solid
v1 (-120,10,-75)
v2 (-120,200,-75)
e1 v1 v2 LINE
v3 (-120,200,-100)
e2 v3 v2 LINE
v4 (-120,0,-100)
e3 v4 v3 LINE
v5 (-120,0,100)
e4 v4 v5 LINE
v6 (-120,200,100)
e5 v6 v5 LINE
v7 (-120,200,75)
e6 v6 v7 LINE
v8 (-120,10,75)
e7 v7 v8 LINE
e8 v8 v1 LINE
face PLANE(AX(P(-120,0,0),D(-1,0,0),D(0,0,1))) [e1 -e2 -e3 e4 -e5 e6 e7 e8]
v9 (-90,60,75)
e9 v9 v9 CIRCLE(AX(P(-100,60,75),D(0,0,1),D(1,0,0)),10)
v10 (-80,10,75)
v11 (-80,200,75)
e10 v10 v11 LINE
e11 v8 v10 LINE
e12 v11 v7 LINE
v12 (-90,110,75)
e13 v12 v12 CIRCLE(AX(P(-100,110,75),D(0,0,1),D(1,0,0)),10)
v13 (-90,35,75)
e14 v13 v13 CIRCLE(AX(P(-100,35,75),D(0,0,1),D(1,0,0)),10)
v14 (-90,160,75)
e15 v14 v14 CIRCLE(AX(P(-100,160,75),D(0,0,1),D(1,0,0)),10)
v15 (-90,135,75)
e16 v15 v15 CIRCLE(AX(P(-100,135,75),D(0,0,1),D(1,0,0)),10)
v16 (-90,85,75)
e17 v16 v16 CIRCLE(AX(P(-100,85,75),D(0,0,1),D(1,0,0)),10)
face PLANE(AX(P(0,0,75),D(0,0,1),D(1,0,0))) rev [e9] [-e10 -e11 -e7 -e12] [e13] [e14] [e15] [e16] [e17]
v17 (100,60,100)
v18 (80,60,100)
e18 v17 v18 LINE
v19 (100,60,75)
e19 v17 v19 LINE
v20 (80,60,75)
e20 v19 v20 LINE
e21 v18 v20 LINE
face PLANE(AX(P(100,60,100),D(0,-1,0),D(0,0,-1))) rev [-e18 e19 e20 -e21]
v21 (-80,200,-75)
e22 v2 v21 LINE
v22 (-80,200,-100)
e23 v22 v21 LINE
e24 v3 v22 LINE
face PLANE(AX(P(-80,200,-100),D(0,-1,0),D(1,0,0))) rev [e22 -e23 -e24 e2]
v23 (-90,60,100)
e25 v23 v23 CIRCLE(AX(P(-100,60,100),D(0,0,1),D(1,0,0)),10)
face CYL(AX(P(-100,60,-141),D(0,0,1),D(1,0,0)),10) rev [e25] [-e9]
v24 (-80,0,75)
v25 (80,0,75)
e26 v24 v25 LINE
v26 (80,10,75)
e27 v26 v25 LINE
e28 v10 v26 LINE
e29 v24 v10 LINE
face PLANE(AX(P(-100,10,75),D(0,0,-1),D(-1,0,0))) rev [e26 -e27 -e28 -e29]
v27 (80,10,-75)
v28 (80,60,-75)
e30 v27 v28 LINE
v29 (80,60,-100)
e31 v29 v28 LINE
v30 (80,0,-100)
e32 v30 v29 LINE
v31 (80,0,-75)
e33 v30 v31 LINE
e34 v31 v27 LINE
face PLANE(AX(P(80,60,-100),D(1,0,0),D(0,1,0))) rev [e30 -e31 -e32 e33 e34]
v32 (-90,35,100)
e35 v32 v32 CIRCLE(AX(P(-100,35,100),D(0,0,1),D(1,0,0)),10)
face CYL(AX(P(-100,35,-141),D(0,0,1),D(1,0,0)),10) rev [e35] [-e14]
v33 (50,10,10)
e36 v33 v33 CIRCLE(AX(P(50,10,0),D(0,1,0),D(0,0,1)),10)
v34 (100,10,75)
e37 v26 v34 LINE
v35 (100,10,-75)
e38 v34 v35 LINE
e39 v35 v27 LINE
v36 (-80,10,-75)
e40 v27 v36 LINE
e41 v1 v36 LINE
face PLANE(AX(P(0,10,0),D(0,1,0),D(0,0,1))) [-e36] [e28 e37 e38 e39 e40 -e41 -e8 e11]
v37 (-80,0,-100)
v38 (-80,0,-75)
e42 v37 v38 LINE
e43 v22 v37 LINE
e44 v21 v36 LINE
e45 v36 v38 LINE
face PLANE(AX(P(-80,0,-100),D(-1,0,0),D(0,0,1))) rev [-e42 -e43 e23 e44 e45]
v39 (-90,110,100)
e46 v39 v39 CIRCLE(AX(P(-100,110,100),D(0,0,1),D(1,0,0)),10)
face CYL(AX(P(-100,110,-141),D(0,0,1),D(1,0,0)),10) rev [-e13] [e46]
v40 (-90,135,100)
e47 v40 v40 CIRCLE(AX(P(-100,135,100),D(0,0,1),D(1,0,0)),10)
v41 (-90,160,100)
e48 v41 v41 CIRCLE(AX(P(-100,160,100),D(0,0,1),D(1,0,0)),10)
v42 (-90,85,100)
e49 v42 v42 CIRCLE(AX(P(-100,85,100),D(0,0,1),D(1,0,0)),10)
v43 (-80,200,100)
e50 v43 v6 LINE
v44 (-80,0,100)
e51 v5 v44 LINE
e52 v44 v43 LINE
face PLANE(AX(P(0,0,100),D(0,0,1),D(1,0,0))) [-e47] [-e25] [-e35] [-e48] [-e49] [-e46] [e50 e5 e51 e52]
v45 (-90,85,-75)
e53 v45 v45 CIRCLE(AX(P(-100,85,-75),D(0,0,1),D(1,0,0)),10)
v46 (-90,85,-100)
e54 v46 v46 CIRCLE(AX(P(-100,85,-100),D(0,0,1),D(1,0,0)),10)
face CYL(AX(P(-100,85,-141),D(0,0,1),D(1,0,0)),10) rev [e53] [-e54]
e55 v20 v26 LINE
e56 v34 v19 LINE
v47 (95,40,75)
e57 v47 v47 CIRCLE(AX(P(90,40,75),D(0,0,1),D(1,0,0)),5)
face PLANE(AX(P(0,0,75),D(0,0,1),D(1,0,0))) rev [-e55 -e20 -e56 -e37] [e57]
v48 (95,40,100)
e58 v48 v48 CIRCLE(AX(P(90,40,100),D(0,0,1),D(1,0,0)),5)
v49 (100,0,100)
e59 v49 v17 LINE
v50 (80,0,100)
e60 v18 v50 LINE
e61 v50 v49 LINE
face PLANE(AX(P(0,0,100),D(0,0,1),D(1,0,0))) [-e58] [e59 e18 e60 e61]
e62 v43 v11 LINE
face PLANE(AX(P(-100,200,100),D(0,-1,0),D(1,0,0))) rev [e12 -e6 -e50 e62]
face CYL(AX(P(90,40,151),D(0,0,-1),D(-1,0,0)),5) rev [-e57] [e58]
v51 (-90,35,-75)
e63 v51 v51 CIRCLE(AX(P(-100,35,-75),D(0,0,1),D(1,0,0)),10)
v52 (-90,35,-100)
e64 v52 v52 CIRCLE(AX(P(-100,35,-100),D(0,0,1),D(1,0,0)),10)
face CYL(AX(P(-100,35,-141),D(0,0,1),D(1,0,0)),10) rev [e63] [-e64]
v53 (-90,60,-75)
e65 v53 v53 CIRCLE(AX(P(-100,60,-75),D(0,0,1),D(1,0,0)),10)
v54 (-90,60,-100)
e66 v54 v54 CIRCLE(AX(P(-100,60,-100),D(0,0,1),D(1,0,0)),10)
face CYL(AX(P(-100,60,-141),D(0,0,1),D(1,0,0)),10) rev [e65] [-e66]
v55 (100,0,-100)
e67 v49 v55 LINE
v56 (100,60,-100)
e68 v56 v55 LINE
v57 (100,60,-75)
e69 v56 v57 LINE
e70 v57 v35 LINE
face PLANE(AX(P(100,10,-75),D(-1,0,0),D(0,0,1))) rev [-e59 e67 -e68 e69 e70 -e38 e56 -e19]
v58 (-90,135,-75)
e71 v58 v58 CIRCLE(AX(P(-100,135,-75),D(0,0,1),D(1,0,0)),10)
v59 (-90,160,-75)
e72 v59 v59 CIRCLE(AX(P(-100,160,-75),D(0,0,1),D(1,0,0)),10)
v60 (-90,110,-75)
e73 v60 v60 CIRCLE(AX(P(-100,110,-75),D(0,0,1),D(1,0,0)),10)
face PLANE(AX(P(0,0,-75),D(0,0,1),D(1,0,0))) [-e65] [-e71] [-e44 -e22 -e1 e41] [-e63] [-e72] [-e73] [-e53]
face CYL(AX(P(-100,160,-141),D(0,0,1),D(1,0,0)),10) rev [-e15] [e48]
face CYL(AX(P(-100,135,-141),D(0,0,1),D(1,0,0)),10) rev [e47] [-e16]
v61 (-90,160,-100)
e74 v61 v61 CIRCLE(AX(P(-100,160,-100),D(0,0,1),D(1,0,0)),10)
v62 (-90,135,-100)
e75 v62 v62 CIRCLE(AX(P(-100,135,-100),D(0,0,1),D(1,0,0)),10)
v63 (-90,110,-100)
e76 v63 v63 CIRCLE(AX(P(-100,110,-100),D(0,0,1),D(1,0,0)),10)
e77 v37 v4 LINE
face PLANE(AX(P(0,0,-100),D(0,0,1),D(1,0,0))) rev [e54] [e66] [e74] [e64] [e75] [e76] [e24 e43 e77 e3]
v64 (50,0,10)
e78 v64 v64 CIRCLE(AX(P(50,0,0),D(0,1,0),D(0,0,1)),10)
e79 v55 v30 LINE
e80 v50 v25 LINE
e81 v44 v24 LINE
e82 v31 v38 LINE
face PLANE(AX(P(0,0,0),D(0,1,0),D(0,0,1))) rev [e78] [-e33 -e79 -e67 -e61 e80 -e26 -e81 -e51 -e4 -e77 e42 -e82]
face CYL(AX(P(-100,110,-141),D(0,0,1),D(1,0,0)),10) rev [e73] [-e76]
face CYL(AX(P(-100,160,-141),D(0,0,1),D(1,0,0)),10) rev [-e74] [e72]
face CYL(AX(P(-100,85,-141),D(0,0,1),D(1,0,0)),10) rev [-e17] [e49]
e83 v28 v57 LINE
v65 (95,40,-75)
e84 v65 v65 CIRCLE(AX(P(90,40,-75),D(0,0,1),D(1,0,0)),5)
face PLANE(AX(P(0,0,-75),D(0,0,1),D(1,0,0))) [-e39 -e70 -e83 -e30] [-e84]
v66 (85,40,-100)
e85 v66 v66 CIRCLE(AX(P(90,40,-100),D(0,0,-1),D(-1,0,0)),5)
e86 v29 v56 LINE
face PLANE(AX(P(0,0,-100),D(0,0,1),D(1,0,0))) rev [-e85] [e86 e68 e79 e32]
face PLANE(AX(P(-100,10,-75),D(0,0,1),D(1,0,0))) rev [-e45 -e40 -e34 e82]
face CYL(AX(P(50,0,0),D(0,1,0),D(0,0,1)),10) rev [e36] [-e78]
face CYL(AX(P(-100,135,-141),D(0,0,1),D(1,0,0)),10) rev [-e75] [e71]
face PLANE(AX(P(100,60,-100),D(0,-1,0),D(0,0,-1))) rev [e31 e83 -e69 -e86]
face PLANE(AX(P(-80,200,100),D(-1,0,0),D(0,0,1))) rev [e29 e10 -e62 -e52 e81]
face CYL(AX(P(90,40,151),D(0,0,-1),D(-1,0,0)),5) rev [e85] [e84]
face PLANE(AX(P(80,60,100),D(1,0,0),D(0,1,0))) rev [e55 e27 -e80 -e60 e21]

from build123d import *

# Parameters (mm, degrees)
SKETCH1_W           = 200
SKETCH1_H           = 150
BOSS_EXTRUDE1_DEPTH = 10
SKETCH2_R           = 10
CUT_EXTRUDE1_DEPTH  = 10
SKETCH4_W           = 150
SKETCH4_H           = 10
BOSS_EXTRUDE2_DEPTH = 20
SKETCH3_W           = 20
SKETCH3_H           = 60
BOSS_EXTRUDE3_DEPTH = 25
SKETCH5_W           = 20
SKETCH5_H           = 60
SKETCH5_W_2         = 40
SKETCH5_H_2         = 200
BOSS_EXTRUDE4_DEPTH = 25
SKETCH7_R           = 5
CUT_EXTRUDE3_DEPTH  = 251
SKETCH9_R           = 10
CUT_EXTRUDE4_DEPTH  = 241


with BuildPart() as part:
    # Sketch1 → Boss-Extrude1 (new body)
    with BuildSketch(Plane(origin=(0, 0, 0), x_dir=(1, 0, 0), z_dir=(0, 1, 0))):
        Rectangle(SKETCH1_W, SKETCH1_H)
    extrude(amount=BOSS_EXTRUDE1_DEPTH)

    # Sketch2 → Cut-Extrude1 (cut)
    with BuildSketch(Plane(origin=(0, 10, 0), x_dir=(1, 0, 0), z_dir=(0, 1, 0))):
        with Locations(Location((50, 0, 0), (0, 0, 270))):
            Circle(SKETCH2_R)
    extrude(amount=-CUT_EXTRUDE1_DEPTH, mode=Mode.SUBTRACT)

    # Sketch4 → Boss-Extrude2 (add)
    with BuildSketch(Plane.ZY.offset(100)):
        with Locations((0, 5)):
            Rectangle(SKETCH4_W, SKETCH4_H)
    extrude(amount=BOSS_EXTRUDE2_DEPTH)

    # Sketch3 → Boss-Extrude3 (add)
    with BuildSketch(Plane.XY.offset(75)):
        with Locations((90, 30)):
            Rectangle(SKETCH3_W, SKETCH3_H)
        Polygon((-100, 200), (-120, 200), (-120, 0), (-100, 0), (-80, 0), (-80, 200), align=None)
    extrude(amount=BOSS_EXTRUDE3_DEPTH)

    # Sketch5 → Boss-Extrude4 (add)
    with BuildSketch(Plane(origin=(0, 0, -75), x_dir=(-1, 0, 0), z_dir=(0, 0, -1))):
        with Locations((-90, 30)):
            Rectangle(SKETCH5_W, SKETCH5_H)
        with Locations((100, 100)):
            Rectangle(SKETCH5_W_2, SKETCH5_H_2)
    extrude(amount=BOSS_EXTRUDE4_DEPTH)

    # Sketch7 → Cut-Extrude3 (cut)
    with BuildSketch(Plane(origin=(0, 0, -100), x_dir=(-1, 0, 0), z_dir=(0, 0, -1))):
        with Locations((-90, 40)):
            Circle(SKETCH7_R)
    extrude(amount=-CUT_EXTRUDE3_DEPTH, mode=Mode.SUBTRACT)

    # Sketch9 → Cut-Extrude4 (cut)
    with BuildSketch(Plane.XY.offset(100)):
        with Locations((-100, 160)):
            Circle(SKETCH9_R)
        with Locations((-100, 135)):
            Circle(SKETCH9_R)
        with Locations((-100, 110)):
            Circle(SKETCH9_R)
        with Locations((-100, 85)):
            Circle(SKETCH9_R)
        with Locations((-100, 35)):
            Circle(SKETCH9_R)
        with Locations((-100, 60)):
            Circle(SKETCH9_R)
    extrude(amount=-CUT_EXTRUDE4_DEPTH, mode=Mode.SUBTRACT)


solid = part.part
